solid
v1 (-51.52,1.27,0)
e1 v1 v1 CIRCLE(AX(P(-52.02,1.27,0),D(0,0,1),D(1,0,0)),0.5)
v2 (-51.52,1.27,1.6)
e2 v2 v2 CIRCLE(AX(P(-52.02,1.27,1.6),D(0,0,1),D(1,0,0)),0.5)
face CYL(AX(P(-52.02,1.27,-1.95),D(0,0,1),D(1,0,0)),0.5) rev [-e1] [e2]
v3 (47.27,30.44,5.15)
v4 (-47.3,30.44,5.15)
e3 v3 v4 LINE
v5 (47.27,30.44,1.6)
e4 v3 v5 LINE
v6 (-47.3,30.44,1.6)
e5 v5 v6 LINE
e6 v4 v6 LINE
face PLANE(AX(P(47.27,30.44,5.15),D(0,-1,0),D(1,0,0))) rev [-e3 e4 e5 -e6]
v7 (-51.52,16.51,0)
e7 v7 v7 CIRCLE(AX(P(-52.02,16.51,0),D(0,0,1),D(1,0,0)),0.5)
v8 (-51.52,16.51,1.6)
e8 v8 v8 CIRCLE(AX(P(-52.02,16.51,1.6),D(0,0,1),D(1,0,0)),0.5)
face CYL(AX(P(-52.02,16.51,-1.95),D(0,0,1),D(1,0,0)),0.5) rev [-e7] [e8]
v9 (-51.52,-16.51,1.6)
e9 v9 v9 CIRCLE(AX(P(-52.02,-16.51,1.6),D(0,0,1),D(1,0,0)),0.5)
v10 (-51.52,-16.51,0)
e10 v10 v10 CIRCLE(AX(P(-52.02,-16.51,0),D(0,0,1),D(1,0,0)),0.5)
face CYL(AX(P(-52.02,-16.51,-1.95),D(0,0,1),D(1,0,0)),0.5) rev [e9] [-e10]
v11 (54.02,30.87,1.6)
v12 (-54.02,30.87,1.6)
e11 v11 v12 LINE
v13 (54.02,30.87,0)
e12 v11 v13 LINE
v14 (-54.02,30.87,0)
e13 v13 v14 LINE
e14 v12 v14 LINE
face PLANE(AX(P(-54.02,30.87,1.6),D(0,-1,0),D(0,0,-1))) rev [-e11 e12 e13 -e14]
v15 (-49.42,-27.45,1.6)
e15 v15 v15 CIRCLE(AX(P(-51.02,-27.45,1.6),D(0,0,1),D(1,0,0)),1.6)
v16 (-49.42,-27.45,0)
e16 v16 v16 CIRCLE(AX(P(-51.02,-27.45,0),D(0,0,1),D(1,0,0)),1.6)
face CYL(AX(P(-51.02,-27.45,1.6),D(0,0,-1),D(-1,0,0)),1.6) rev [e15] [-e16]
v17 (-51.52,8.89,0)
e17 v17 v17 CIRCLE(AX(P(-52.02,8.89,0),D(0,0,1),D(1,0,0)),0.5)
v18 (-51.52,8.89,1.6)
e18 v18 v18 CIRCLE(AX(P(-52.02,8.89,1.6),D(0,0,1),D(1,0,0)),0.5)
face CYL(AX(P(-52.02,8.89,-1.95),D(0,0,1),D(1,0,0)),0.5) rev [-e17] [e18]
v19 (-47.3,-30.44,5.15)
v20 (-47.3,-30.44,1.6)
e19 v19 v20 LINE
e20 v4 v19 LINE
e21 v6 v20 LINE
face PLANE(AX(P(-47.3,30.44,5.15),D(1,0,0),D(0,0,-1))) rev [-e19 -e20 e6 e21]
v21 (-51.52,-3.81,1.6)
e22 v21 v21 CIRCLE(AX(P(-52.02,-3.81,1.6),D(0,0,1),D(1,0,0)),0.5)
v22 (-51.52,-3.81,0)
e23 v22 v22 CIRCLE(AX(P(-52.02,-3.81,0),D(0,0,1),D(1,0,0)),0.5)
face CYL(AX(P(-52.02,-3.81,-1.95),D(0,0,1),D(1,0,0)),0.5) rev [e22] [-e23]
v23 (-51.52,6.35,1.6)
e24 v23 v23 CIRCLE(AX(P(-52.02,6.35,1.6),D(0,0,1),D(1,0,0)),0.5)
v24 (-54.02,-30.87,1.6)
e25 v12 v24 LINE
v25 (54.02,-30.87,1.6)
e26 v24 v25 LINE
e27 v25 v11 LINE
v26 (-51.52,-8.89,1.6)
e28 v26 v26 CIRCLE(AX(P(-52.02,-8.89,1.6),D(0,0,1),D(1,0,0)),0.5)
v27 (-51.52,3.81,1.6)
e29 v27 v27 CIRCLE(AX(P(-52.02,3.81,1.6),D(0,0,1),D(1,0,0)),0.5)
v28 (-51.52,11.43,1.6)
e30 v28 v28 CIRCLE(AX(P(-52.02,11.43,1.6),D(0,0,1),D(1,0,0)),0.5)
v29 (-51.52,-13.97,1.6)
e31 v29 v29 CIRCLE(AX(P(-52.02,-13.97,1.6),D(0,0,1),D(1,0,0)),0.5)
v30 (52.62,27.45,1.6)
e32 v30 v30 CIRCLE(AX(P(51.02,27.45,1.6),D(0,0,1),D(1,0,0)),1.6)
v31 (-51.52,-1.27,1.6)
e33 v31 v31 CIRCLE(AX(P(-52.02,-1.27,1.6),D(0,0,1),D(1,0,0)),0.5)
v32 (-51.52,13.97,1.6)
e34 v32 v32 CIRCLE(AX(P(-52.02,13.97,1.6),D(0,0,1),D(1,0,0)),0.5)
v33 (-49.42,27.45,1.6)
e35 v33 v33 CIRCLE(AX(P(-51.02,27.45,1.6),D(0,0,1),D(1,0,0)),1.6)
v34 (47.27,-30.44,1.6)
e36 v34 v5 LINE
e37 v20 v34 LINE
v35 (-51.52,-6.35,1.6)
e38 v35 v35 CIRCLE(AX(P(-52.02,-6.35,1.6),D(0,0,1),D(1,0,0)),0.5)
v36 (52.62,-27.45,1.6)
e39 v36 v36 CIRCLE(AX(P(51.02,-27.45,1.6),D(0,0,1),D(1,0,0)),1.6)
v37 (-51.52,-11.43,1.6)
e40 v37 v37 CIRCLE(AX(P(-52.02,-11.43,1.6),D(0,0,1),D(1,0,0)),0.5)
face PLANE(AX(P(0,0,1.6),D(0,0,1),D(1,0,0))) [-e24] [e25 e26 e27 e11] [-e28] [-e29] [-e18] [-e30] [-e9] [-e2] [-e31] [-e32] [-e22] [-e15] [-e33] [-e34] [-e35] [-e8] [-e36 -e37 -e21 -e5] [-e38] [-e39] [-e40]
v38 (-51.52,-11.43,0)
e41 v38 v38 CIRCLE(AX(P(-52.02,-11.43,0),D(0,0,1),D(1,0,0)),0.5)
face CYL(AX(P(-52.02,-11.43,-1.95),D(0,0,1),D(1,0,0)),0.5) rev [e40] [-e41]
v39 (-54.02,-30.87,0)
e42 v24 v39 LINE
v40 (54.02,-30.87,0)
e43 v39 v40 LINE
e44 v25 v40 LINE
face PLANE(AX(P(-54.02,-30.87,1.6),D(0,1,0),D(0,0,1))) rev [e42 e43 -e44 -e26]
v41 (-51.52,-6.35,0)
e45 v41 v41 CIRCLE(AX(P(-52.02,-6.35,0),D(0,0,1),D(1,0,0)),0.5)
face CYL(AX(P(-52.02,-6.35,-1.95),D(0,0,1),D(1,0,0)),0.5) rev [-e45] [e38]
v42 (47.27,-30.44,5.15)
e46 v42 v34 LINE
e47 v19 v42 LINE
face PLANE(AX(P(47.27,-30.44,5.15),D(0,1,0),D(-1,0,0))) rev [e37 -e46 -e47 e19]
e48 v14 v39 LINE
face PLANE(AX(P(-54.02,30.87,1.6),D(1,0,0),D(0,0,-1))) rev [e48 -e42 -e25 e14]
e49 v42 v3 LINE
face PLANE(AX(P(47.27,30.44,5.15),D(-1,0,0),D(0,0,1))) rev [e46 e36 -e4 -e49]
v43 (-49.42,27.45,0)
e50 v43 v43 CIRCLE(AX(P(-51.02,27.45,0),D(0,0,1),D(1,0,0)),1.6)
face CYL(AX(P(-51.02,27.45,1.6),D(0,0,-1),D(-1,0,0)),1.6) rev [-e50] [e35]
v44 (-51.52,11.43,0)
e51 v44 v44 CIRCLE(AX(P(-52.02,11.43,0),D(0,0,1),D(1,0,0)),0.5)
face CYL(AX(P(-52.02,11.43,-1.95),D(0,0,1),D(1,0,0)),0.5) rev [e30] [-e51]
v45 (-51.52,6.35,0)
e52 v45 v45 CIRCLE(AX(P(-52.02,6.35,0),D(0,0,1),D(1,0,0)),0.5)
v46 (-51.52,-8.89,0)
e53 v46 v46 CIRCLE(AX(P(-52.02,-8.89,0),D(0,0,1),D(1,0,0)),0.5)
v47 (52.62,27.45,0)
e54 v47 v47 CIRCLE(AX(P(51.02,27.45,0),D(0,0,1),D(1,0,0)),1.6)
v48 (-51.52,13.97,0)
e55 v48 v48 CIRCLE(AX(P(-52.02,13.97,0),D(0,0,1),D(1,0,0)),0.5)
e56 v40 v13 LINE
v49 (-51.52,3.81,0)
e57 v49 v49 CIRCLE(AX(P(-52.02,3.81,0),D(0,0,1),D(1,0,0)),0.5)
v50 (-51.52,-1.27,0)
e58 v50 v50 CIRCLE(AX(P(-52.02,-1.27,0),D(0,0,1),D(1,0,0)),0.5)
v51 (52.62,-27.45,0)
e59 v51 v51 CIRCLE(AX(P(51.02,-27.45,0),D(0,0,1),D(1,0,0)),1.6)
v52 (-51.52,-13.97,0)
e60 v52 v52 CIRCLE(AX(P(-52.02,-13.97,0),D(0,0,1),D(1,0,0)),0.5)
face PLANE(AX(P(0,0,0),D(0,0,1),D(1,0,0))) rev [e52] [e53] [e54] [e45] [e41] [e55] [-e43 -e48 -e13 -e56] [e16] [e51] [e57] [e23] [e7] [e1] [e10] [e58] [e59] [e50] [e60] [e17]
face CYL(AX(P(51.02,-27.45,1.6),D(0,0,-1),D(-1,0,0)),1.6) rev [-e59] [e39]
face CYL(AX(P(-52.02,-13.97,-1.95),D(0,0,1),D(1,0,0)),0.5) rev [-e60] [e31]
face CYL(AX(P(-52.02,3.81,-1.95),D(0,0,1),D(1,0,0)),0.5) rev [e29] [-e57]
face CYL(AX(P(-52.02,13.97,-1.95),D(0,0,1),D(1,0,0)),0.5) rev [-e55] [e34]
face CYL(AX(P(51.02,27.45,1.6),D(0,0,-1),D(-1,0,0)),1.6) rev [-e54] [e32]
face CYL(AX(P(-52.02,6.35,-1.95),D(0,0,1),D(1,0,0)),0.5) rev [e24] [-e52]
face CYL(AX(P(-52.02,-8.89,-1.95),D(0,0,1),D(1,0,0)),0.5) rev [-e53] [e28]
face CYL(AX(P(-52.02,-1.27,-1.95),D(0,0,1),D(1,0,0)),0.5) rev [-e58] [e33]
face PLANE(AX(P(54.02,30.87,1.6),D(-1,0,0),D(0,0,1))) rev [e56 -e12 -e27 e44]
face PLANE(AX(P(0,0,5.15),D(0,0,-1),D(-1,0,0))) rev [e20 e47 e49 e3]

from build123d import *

# Parameters (mm, degrees)
SKETCH1_W           = 108.04
SKETCH1_H           = 61.74
SKETCH1_R           = 1.6
BOSS_EXTRUDE1_DEPTH = 1.6
SKETCH2_W           = 94.57
SKETCH2_H           = 60.88
BOSS_EXTRUDE2_DEPTH = 3.55
SKETCH3_R           = 0.5
CUT_EXTRUDE1_DEPTH  = 3.55


with BuildPart() as part:
    # Sketch1 → Boss-Extrude1 (new body)
    with BuildSketch(Plane.XY):
        Rectangle(SKETCH1_W, SKETCH1_H)
        with Locations((-51.02, 27.45)):
            Circle(SKETCH1_R, mode=Mode.SUBTRACT)
        with Locations((-51.02, -27.45)):
            Circle(SKETCH1_R, mode=Mode.SUBTRACT)
        with Locations((51.02, -27.45)):
            Circle(SKETCH1_R, mode=Mode.SUBTRACT)
        with Locations((51.02, 27.45)):
            Circle(SKETCH1_R, mode=Mode.SUBTRACT)
    extrude(amount=BOSS_EXTRUDE1_DEPTH)

    # Sketch2 → Boss-Extrude2 (add)
    with BuildSketch(Plane.XY.offset(1.6)):
        with Locations((-0.015, 0)):
            Rectangle(SKETCH2_W, SKETCH2_H)
    extrude(amount=BOSS_EXTRUDE2_DEPTH)

    # Sketch3 → Cut-Extrude1 (cut)
    with BuildSketch(Plane.XY.offset(1.6)):
        with Locations((-52.02, 16.51)):
            Circle(SKETCH3_R)
        with Locations((-52.02, 13.97)):
            Circle(SKETCH3_R)
        with Locations((-52.02, 11.43)):
            Circle(SKETCH3_R)
        with Locations((-52.02, 8.89)):
            Circle(SKETCH3_R)
        with Locations((-52.02, 6.35)):
            Circle(SKETCH3_R)
        with Locations((-52.02, 3.81)):
            Circle(SKETCH3_R)
        with Locations((-52.02, 1.27)):
            Circle(SKETCH3_R)
        with Locations((-52.02, -1.27)):
            Circle(SKETCH3_R)
        with Locations((-52.02, -3.81)):
            Circle(SKETCH3_R)
        with Locations((-52.02, -6.35)):
            Circle(SKETCH3_R)
        with Locations((-52.02, -8.89)):
            Circle(SKETCH3_R)
        with Locations((-52.02, -11.43)):
            Circle(SKETCH3_R)
        with Locations((-52.02, -13.97)):
            Circle(SKETCH3_R)
        with Locations((-52.02, -16.51)):
            Circle(SKETCH3_R)
    extrude(amount=-CUT_EXTRUDE1_DEPTH, mode=Mode.SUBTRACT)


solid = part.part
